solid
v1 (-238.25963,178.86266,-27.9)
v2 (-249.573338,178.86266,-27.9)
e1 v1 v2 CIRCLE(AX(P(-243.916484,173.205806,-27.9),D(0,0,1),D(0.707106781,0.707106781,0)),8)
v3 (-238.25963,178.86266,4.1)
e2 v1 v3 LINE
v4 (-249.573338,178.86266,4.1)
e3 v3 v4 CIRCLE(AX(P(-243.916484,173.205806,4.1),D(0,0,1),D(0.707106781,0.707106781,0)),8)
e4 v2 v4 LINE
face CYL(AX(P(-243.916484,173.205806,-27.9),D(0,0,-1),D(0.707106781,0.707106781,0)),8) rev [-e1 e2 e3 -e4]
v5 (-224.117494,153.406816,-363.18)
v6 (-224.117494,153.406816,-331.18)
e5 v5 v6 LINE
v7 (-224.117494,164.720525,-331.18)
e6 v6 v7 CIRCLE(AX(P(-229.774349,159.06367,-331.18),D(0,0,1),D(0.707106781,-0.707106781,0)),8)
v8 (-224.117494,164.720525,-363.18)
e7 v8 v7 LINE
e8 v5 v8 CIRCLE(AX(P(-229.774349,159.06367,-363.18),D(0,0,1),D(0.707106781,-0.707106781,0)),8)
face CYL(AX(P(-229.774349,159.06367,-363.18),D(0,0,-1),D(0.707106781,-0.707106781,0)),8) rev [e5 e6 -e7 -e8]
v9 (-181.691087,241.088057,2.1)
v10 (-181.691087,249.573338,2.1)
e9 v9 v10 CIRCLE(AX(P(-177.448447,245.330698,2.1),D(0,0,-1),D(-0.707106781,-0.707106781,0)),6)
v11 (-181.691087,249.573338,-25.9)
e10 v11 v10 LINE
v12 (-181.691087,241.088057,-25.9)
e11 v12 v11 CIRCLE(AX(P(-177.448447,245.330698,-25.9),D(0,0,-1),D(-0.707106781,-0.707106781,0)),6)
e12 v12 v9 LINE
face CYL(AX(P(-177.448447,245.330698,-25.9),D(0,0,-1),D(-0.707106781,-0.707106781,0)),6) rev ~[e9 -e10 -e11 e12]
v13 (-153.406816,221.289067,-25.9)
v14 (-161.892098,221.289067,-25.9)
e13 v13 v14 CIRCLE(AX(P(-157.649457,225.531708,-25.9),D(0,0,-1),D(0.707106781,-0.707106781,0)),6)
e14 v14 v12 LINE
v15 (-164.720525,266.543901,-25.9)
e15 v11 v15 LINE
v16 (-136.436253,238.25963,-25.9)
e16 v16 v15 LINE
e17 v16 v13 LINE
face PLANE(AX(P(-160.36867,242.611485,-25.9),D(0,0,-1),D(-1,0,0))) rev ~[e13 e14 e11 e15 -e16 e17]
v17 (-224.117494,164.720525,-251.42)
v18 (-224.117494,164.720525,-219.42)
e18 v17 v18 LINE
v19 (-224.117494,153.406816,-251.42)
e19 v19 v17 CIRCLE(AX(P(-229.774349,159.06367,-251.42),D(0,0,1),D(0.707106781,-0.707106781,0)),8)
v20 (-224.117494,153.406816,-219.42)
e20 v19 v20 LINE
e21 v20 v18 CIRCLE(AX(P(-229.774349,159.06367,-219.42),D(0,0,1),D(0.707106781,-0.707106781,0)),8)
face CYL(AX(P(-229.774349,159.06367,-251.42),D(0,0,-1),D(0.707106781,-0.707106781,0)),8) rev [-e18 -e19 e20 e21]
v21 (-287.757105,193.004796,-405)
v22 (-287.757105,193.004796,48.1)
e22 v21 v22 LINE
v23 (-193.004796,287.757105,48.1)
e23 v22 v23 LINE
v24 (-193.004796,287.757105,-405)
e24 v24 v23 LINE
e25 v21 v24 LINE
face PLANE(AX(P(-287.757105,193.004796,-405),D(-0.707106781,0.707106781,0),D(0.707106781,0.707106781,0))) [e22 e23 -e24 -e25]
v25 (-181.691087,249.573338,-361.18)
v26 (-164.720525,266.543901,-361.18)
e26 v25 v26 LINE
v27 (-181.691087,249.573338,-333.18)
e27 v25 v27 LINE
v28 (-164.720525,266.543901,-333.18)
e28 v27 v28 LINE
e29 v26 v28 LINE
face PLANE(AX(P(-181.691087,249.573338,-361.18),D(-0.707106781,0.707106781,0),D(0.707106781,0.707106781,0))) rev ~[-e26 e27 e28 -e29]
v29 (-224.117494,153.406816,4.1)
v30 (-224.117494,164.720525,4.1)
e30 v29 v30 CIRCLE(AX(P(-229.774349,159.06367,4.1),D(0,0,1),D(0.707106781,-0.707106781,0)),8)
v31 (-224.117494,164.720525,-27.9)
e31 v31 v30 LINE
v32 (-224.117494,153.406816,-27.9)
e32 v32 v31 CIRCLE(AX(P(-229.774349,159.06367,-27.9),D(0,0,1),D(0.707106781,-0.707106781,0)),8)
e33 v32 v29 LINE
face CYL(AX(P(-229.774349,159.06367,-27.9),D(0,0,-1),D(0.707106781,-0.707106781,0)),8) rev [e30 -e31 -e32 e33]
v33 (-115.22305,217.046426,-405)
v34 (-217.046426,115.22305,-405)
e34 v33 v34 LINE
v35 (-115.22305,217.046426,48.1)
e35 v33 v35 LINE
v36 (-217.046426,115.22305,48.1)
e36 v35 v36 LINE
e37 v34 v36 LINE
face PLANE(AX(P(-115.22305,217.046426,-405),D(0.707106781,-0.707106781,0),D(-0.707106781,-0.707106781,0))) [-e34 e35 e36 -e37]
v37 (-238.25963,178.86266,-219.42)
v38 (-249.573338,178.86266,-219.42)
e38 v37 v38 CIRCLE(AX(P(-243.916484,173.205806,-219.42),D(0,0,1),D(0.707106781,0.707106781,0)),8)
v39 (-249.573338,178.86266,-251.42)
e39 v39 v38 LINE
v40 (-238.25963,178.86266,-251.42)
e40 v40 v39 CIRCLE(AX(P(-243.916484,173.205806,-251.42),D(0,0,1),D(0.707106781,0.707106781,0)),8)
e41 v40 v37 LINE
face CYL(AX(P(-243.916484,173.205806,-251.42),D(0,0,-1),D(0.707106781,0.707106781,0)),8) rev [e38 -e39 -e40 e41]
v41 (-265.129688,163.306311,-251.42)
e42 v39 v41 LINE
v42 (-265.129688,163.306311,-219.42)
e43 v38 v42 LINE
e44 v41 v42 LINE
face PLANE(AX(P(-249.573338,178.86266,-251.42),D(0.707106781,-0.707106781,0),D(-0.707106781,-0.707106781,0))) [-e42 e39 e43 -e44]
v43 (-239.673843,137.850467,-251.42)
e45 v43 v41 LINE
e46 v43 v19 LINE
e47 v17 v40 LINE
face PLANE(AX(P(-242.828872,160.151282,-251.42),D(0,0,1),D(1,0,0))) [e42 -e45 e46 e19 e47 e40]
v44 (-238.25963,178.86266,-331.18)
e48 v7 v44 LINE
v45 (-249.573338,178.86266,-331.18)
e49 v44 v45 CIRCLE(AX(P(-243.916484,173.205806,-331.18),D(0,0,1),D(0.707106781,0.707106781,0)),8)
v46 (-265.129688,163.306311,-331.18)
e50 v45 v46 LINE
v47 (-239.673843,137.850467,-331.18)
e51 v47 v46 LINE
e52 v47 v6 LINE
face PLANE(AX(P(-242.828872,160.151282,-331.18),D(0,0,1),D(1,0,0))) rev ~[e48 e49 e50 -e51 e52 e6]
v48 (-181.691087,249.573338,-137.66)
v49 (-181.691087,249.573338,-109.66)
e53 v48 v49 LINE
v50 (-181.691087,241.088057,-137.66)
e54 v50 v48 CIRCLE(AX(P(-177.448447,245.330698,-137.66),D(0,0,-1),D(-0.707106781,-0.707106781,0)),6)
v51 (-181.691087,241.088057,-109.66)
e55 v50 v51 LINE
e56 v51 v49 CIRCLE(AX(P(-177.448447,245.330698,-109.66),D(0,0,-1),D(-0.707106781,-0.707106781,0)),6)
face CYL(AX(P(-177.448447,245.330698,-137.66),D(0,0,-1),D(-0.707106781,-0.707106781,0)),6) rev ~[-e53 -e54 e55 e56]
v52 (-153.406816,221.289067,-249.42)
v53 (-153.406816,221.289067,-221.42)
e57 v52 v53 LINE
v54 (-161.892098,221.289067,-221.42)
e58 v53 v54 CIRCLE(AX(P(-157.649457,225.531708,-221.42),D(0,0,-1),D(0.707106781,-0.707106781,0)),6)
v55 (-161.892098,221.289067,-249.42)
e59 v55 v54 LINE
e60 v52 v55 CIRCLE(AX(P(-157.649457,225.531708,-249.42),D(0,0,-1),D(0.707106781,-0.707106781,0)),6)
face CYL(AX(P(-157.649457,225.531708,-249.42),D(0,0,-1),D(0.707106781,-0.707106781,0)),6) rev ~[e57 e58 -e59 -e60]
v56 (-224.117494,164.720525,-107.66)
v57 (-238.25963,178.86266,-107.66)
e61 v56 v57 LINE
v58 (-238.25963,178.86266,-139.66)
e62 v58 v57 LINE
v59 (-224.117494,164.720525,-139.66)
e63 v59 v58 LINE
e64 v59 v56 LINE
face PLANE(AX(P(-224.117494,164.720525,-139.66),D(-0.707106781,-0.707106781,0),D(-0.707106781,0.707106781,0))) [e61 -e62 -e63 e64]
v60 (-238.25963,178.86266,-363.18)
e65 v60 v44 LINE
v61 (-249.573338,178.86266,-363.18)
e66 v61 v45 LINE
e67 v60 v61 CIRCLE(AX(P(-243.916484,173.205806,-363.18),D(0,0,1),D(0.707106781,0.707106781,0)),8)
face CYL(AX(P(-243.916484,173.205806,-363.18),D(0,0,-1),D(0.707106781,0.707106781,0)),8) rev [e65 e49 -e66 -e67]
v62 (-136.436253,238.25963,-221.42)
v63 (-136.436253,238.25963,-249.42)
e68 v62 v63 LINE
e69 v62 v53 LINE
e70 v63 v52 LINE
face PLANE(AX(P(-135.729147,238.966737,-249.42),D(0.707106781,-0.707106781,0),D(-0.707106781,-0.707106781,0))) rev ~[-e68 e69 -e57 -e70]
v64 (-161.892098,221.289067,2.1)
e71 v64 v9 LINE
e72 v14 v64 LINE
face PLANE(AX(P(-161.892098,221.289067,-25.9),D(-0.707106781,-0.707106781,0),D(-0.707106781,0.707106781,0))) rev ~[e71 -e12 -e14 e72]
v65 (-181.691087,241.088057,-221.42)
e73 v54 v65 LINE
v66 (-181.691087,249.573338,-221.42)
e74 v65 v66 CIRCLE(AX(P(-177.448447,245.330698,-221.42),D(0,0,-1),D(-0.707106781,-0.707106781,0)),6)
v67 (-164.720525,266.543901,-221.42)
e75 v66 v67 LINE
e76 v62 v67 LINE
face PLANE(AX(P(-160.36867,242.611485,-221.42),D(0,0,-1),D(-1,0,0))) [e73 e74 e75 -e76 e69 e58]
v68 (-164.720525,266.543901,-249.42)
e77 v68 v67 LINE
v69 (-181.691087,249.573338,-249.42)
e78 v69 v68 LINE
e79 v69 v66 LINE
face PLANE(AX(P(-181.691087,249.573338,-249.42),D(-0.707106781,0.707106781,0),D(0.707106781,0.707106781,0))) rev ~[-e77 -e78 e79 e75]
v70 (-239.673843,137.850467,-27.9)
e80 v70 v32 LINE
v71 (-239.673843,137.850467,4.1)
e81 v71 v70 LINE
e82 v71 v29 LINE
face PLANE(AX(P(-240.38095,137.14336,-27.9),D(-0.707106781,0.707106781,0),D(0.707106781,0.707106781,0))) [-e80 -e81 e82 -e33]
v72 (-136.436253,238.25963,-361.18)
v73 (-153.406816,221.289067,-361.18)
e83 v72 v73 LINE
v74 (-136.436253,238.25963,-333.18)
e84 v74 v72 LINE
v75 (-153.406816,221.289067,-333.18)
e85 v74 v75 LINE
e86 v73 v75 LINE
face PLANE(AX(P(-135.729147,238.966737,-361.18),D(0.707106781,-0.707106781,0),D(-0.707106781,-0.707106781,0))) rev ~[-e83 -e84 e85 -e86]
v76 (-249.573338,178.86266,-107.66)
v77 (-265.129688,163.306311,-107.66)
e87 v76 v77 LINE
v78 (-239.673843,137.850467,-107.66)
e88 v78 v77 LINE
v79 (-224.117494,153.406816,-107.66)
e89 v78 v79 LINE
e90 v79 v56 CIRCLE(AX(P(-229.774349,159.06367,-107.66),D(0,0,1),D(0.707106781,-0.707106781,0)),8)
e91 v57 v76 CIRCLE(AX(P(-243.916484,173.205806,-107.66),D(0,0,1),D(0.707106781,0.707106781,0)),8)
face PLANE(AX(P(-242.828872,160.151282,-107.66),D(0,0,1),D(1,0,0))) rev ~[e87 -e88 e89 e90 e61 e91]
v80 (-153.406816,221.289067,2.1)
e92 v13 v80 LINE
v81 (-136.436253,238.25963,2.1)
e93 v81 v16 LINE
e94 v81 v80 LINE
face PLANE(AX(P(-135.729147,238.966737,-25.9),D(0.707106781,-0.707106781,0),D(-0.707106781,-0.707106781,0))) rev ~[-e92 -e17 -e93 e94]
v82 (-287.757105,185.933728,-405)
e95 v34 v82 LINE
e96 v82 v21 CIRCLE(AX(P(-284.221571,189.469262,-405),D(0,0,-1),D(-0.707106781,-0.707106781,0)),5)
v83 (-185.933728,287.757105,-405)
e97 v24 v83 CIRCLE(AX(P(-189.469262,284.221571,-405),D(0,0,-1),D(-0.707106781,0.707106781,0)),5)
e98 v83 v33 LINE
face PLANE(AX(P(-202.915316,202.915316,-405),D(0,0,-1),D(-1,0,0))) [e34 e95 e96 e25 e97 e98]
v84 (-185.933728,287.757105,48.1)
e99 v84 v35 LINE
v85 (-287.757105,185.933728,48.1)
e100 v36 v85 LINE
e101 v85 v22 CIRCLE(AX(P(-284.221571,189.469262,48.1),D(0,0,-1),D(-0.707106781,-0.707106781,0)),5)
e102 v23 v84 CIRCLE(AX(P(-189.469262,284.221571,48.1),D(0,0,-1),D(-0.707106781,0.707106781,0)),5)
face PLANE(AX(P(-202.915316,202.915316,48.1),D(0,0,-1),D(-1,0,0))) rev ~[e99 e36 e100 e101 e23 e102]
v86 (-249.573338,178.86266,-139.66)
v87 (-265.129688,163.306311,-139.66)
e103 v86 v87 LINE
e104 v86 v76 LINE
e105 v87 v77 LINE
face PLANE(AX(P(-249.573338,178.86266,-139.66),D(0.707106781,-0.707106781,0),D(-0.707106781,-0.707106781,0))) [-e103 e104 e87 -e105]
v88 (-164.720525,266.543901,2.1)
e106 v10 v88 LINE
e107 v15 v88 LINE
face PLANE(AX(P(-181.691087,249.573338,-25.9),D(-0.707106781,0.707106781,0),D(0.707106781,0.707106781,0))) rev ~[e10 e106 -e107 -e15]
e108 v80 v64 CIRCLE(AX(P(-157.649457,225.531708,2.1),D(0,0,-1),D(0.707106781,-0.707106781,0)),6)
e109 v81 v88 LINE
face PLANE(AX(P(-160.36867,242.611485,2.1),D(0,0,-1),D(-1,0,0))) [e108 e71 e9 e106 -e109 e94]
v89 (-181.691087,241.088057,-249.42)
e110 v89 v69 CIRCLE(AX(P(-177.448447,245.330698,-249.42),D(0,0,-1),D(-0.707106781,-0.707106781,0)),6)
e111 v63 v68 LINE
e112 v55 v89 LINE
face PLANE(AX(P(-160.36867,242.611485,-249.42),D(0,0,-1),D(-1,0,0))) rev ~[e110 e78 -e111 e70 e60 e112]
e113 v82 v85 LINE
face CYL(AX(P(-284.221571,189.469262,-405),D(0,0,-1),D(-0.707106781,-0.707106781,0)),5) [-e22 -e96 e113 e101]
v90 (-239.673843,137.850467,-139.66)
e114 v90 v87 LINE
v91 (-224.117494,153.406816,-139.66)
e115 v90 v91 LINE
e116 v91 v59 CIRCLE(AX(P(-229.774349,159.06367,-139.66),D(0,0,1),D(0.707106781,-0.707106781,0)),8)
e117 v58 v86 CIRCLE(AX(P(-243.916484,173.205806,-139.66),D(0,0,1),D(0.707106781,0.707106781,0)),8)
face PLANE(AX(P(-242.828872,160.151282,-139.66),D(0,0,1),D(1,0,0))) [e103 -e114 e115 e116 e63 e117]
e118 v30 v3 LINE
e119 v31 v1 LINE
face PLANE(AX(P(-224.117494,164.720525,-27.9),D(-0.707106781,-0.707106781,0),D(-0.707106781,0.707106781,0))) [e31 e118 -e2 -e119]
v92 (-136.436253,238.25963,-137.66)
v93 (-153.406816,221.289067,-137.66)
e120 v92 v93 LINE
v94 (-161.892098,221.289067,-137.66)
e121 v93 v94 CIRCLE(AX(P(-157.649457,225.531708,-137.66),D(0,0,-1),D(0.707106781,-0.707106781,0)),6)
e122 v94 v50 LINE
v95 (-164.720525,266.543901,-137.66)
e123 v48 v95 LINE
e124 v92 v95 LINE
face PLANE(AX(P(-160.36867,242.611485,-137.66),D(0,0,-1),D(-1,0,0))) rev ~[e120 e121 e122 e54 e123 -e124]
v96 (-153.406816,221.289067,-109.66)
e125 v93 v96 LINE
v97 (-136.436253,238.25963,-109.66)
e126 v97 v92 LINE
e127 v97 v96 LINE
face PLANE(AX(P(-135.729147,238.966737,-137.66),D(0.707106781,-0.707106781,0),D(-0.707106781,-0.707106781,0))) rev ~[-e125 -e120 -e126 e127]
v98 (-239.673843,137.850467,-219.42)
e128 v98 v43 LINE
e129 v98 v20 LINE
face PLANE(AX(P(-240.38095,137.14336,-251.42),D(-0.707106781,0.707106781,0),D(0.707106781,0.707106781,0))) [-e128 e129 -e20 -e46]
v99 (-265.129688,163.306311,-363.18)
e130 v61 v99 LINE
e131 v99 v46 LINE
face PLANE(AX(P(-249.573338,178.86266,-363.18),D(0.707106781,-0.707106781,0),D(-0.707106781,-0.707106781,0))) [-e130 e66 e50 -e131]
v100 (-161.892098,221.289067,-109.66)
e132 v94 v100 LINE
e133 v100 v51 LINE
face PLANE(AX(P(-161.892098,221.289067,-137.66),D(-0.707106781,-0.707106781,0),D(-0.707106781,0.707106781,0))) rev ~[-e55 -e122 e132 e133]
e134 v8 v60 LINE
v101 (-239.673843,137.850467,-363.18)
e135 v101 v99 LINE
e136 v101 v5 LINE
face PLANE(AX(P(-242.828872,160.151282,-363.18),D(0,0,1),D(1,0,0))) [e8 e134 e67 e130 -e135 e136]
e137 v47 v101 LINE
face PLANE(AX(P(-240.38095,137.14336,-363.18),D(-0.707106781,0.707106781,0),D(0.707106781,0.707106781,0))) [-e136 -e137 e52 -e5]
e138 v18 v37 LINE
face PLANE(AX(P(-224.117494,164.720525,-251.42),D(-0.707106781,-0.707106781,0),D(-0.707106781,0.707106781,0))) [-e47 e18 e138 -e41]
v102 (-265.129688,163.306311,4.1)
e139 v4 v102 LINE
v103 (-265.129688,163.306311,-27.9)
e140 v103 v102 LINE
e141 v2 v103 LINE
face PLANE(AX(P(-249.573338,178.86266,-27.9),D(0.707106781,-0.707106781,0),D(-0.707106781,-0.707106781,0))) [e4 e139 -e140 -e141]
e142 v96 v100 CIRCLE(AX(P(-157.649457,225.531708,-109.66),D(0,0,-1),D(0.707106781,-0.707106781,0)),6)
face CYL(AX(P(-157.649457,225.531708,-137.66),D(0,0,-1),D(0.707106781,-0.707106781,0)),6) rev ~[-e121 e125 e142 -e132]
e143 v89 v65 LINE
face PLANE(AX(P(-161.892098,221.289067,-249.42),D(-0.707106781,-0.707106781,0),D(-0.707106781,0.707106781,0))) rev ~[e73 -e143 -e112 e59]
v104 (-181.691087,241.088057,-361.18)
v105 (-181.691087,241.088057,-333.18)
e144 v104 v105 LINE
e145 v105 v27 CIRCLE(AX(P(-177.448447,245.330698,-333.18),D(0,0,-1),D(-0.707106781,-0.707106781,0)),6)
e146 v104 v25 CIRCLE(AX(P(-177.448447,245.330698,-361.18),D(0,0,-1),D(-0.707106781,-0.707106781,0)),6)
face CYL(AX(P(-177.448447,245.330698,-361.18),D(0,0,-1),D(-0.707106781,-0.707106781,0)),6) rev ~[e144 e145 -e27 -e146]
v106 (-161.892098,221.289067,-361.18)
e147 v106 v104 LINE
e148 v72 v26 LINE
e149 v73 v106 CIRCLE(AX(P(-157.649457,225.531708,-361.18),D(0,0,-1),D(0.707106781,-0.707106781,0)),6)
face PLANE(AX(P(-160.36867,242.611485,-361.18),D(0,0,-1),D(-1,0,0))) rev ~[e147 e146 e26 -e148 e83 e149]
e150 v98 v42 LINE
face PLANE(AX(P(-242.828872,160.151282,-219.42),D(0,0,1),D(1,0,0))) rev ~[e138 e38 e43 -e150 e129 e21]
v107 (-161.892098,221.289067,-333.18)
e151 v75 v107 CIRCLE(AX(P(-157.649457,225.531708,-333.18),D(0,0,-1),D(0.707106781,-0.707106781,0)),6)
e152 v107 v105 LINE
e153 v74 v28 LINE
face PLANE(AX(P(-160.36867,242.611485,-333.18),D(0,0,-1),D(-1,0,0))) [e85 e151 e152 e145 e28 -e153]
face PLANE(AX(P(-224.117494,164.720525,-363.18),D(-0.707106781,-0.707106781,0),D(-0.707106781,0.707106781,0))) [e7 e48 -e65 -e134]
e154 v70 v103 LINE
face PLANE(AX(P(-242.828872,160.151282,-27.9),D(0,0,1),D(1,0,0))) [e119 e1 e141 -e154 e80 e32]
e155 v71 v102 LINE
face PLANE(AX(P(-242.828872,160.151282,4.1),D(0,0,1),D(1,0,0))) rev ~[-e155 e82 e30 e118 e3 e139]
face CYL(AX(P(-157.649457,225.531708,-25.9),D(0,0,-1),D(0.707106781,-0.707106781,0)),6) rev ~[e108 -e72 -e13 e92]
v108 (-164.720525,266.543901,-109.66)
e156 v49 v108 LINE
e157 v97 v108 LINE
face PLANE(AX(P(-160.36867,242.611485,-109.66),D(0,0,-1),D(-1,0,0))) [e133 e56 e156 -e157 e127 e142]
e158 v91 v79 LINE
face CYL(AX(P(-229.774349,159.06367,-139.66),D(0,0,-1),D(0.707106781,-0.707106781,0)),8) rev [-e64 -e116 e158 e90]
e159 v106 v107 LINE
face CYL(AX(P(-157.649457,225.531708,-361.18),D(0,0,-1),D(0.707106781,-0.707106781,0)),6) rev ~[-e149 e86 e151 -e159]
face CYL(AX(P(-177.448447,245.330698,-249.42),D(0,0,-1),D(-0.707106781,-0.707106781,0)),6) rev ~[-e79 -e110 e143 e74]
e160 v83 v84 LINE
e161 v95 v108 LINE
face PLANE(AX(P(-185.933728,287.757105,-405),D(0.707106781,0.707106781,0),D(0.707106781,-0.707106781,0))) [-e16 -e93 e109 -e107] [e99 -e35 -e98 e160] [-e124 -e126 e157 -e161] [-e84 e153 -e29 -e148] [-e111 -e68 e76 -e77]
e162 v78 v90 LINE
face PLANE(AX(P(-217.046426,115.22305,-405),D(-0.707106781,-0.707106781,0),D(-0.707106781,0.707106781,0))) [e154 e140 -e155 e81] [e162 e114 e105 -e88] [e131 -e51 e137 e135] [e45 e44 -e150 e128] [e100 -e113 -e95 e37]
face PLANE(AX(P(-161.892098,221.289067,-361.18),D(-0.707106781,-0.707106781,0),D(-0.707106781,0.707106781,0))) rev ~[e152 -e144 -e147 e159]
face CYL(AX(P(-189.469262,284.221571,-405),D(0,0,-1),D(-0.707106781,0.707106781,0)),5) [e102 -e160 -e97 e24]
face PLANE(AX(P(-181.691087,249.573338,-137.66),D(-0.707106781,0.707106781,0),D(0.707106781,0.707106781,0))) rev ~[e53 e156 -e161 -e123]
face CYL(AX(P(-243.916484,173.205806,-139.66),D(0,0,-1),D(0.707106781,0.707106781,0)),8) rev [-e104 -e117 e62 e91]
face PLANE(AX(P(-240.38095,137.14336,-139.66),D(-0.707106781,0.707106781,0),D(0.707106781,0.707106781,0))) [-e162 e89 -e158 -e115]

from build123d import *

# Parameters (mm, degrees)
HEAD_START           = -405
HEAD_CASTING_DEPTH   = 453.1
INTAKE_START         = -25.9
INTAKE_PORT_2_DEPTH  = 28
EXHAUST_START        = -27.9
EXHAUST_PORT_2_DEPTH = 32
INTAKE_START_2       = -137.66
INTAKE_PORT_4_DEPTH  = 28
EXHAUST_START_2      = -139.66
EXHAUST_PORT_4_DEPTH = 32
INTAKE_START_3       = -249.42
INTAKE_PORT_6_DEPTH  = 28
EXHAUST_START_3      = -251.42
EXHAUST_PORT_6_DEPTH = 32
INTAKE_START_4       = -361.18
INTAKE_PORT_8_DEPTH  = 28
EXHAUST_START_4      = -363.18
EXHAUST_PORT_8_DEPTH = 32


with BuildPart() as part:
    # Sketch1 → Head Casting (new body)
    with BuildSketch(Plane.XY.offset(HEAD_START)):
        with BuildLine():
            Line((-115.223049994, 217.046426485), (-217.046426485, 115.223049994))
            Line((-217.046426485, 115.223049994), (-287.757104604, 185.933728113))
            ThreePointArc((-287.757104604, 185.933728113), (-289.221570698, 189.469262019), (-287.757104604, 193.004795925))
            Line((-287.757104604, 193.004795925), (-193.004795925, 287.757104604))
            ThreePointArc((-193.004795925, 287.757104604), (-189.469262019, 289.221570698), (-185.933728113, 287.757104604))
            Line((-185.933728113, 287.757104604), (-115.223049994, 217.046426485))
        make_face()
    extrude(amount=HEAD_CASTING_DEPTH)

    # Sketch2 → Intake Port 2 (cut)
    with BuildSketch(Plane.XY.offset(INTAKE_START)):
        with BuildLine():
            Line((-135.729146649, 238.966736702), (-153.406816178, 221.289067172))
            ThreePointArc((-153.406816178, 221.289067172), (-157.649456866, 219.531707859), (-161.892097553, 221.289067172))
            Line((-161.892097553, 221.289067172), (-181.691087426, 241.088057046))
            ThreePointArc((-181.691087426, 241.088057046), (-183.448446739, 245.330697733), (-181.691087426, 249.57333842))
            Line((-181.691087426, 249.57333842), (-164.013417896, 267.251007949))
            Line((-164.013417896, 267.251007949), (-135.729146649, 238.966736702))
        make_face()
    extrude(amount=INTAKE_PORT_2_DEPTH, mode=Mode.SUBTRACT)

    # Sketch3 → Exhaust Port 2 (cut)
    with BuildSketch(Plane.XY.offset(EXHAUST_START)):
        with BuildLine():
            Line((-240.380950264, 137.143360211), (-224.117494297, 153.406816178))
            ThreePointArc((-224.117494297, 153.406816178), (-221.774348547, 159.063670428), (-224.117494297, 164.720524677))
            Line((-224.117494297, 164.720524677), (-238.259629921, 178.862660301))
            ThreePointArc((-238.259629921, 178.862660301), (-243.91648417, 181.205806052), (-249.57333842, 178.862660301))
            Line((-249.57333842, 178.862660301), (-265.836794387, 162.599204334))
            Line((-265.836794387, 162.599204334), (-240.380950264, 137.143360211))
        make_face()
    extrude(amount=EXHAUST_PORT_2_DEPTH, mode=Mode.SUBTRACT)

    # Sketch4 → Intake Port 4 (cut)
    with BuildSketch(Plane.XY.offset(INTAKE_START_2)):
        with BuildLine():
            Line((-135.729146649, 238.966736702), (-153.406816178, 221.289067172))
            ThreePointArc((-153.406816178, 221.289067172), (-157.649456866, 219.531707859), (-161.892097553, 221.289067172))
            Line((-161.892097553, 221.289067172), (-181.691087426, 241.088057046))
            ThreePointArc((-181.691087426, 241.088057046), (-183.448446739, 245.330697733), (-181.691087426, 249.57333842))
            Line((-181.691087426, 249.57333842), (-164.013417896, 267.251007949))
            Line((-164.013417896, 267.251007949), (-135.729146649, 238.966736702))
        make_face()
    extrude(amount=INTAKE_PORT_4_DEPTH, mode=Mode.SUBTRACT)

    # Sketch5 → Exhaust Port 4 (cut)
    with BuildSketch(Plane.XY.offset(EXHAUST_START_2)):
        with BuildLine():
            Line((-240.380950264, 137.143360211), (-224.117494297, 153.406816178))
            ThreePointArc((-224.117494297, 153.406816178), (-221.774348547, 159.063670428), (-224.117494297, 164.720524677))
            Line((-224.117494297, 164.720524677), (-238.259629921, 178.862660301))
            ThreePointArc((-238.259629921, 178.862660301), (-243.91648417, 181.205806052), (-249.57333842, 178.862660301))
            Line((-249.57333842, 178.862660301), (-265.836794387, 162.599204334))
            Line((-265.836794387, 162.599204334), (-240.380950264, 137.143360211))
        make_face()
    extrude(amount=EXHAUST_PORT_4_DEPTH, mode=Mode.SUBTRACT)

    # Sketch6 → Intake Port 6 (cut)
    with BuildSketch(Plane.XY.offset(INTAKE_START_3)):
        with BuildLine():
            Line((-135.729146649, 238.966736702), (-153.406816178, 221.289067172))
            ThreePointArc((-153.406816178, 221.289067172), (-157.649456866, 219.531707859), (-161.892097553, 221.289067172))
            Line((-161.892097553, 221.289067172), (-181.691087426, 241.088057046))
            ThreePointArc((-181.691087426, 241.088057046), (-183.448446739, 245.330697733), (-181.691087426, 249.57333842))
            Line((-181.691087426, 249.57333842), (-164.013417896, 267.251007949))
            Line((-164.013417896, 267.251007949), (-135.729146649, 238.966736702))
        make_face()
    extrude(amount=INTAKE_PORT_6_DEPTH, mode=Mode.SUBTRACT)

    # Sketch7 → Exhaust Port 6 (cut)
    with BuildSketch(Plane.XY.offset(EXHAUST_START_3)):
        with BuildLine():
            Line((-240.380950264, 137.143360211), (-224.117494297, 153.406816178))
            ThreePointArc((-224.117494297, 153.406816178), (-221.774348547, 159.063670428), (-224.117494297, 164.720524677))
            Line((-224.117494297, 164.720524677), (-238.259629921, 178.862660301))
            ThreePointArc((-238.259629921, 178.862660301), (-243.91648417, 181.205806052), (-249.57333842, 178.862660301))
            Line((-249.57333842, 178.862660301), (-265.836794387, 162.599204334))
            Line((-265.836794387, 162.599204334), (-240.380950264, 137.143360211))
        make_face()
    extrude(amount=EXHAUST_PORT_6_DEPTH, mode=Mode.SUBTRACT)

    # Sketch8 → Intake Port 8 (cut)
    with BuildSketch(Plane.XY.offset(INTAKE_START_4)):
        with BuildLine():
            Line((-135.729146649, 238.966736702), (-153.406816178, 221.289067172))
            ThreePointArc((-153.406816178, 221.289067172), (-157.649456866, 219.531707859), (-161.892097553, 221.289067172))
            Line((-161.892097553, 221.289067172), (-181.691087426, 241.088057046))
            ThreePointArc((-181.691087426, 241.088057046), (-183.448446739, 245.330697733), (-181.691087426, 249.57333842))
            Line((-181.691087426, 249.57333842), (-164.013417896, 267.251007949))
            Line((-164.013417896, 267.251007949), (-135.729146649, 238.966736702))
        make_face()
    extrude(amount=INTAKE_PORT_8_DEPTH, mode=Mode.SUBTRACT)

    # Sketch9 → Exhaust Port 8 (cut)
    with BuildSketch(Plane.XY.offset(EXHAUST_START_4)):
        with BuildLine():
            Line((-240.380950264, 137.143360211), (-224.117494297, 153.406816178))
            ThreePointArc((-224.117494297, 153.406816178), (-221.774348547, 159.063670428), (-224.117494297, 164.720524677))
            Line((-224.117494297, 164.720524677), (-238.259629921, 178.862660301))
            ThreePointArc((-238.259629921, 178.862660301), (-243.91648417, 181.205806052), (-249.57333842, 178.862660301))
            Line((-249.57333842, 178.862660301), (-265.836794387, 162.599204334))
            Line((-265.836794387, 162.599204334), (-240.380950264, 137.143360211))
        make_face()
    extrude(amount=EXHAUST_PORT_8_DEPTH, mode=Mode.SUBTRACT)


solid = part.part
